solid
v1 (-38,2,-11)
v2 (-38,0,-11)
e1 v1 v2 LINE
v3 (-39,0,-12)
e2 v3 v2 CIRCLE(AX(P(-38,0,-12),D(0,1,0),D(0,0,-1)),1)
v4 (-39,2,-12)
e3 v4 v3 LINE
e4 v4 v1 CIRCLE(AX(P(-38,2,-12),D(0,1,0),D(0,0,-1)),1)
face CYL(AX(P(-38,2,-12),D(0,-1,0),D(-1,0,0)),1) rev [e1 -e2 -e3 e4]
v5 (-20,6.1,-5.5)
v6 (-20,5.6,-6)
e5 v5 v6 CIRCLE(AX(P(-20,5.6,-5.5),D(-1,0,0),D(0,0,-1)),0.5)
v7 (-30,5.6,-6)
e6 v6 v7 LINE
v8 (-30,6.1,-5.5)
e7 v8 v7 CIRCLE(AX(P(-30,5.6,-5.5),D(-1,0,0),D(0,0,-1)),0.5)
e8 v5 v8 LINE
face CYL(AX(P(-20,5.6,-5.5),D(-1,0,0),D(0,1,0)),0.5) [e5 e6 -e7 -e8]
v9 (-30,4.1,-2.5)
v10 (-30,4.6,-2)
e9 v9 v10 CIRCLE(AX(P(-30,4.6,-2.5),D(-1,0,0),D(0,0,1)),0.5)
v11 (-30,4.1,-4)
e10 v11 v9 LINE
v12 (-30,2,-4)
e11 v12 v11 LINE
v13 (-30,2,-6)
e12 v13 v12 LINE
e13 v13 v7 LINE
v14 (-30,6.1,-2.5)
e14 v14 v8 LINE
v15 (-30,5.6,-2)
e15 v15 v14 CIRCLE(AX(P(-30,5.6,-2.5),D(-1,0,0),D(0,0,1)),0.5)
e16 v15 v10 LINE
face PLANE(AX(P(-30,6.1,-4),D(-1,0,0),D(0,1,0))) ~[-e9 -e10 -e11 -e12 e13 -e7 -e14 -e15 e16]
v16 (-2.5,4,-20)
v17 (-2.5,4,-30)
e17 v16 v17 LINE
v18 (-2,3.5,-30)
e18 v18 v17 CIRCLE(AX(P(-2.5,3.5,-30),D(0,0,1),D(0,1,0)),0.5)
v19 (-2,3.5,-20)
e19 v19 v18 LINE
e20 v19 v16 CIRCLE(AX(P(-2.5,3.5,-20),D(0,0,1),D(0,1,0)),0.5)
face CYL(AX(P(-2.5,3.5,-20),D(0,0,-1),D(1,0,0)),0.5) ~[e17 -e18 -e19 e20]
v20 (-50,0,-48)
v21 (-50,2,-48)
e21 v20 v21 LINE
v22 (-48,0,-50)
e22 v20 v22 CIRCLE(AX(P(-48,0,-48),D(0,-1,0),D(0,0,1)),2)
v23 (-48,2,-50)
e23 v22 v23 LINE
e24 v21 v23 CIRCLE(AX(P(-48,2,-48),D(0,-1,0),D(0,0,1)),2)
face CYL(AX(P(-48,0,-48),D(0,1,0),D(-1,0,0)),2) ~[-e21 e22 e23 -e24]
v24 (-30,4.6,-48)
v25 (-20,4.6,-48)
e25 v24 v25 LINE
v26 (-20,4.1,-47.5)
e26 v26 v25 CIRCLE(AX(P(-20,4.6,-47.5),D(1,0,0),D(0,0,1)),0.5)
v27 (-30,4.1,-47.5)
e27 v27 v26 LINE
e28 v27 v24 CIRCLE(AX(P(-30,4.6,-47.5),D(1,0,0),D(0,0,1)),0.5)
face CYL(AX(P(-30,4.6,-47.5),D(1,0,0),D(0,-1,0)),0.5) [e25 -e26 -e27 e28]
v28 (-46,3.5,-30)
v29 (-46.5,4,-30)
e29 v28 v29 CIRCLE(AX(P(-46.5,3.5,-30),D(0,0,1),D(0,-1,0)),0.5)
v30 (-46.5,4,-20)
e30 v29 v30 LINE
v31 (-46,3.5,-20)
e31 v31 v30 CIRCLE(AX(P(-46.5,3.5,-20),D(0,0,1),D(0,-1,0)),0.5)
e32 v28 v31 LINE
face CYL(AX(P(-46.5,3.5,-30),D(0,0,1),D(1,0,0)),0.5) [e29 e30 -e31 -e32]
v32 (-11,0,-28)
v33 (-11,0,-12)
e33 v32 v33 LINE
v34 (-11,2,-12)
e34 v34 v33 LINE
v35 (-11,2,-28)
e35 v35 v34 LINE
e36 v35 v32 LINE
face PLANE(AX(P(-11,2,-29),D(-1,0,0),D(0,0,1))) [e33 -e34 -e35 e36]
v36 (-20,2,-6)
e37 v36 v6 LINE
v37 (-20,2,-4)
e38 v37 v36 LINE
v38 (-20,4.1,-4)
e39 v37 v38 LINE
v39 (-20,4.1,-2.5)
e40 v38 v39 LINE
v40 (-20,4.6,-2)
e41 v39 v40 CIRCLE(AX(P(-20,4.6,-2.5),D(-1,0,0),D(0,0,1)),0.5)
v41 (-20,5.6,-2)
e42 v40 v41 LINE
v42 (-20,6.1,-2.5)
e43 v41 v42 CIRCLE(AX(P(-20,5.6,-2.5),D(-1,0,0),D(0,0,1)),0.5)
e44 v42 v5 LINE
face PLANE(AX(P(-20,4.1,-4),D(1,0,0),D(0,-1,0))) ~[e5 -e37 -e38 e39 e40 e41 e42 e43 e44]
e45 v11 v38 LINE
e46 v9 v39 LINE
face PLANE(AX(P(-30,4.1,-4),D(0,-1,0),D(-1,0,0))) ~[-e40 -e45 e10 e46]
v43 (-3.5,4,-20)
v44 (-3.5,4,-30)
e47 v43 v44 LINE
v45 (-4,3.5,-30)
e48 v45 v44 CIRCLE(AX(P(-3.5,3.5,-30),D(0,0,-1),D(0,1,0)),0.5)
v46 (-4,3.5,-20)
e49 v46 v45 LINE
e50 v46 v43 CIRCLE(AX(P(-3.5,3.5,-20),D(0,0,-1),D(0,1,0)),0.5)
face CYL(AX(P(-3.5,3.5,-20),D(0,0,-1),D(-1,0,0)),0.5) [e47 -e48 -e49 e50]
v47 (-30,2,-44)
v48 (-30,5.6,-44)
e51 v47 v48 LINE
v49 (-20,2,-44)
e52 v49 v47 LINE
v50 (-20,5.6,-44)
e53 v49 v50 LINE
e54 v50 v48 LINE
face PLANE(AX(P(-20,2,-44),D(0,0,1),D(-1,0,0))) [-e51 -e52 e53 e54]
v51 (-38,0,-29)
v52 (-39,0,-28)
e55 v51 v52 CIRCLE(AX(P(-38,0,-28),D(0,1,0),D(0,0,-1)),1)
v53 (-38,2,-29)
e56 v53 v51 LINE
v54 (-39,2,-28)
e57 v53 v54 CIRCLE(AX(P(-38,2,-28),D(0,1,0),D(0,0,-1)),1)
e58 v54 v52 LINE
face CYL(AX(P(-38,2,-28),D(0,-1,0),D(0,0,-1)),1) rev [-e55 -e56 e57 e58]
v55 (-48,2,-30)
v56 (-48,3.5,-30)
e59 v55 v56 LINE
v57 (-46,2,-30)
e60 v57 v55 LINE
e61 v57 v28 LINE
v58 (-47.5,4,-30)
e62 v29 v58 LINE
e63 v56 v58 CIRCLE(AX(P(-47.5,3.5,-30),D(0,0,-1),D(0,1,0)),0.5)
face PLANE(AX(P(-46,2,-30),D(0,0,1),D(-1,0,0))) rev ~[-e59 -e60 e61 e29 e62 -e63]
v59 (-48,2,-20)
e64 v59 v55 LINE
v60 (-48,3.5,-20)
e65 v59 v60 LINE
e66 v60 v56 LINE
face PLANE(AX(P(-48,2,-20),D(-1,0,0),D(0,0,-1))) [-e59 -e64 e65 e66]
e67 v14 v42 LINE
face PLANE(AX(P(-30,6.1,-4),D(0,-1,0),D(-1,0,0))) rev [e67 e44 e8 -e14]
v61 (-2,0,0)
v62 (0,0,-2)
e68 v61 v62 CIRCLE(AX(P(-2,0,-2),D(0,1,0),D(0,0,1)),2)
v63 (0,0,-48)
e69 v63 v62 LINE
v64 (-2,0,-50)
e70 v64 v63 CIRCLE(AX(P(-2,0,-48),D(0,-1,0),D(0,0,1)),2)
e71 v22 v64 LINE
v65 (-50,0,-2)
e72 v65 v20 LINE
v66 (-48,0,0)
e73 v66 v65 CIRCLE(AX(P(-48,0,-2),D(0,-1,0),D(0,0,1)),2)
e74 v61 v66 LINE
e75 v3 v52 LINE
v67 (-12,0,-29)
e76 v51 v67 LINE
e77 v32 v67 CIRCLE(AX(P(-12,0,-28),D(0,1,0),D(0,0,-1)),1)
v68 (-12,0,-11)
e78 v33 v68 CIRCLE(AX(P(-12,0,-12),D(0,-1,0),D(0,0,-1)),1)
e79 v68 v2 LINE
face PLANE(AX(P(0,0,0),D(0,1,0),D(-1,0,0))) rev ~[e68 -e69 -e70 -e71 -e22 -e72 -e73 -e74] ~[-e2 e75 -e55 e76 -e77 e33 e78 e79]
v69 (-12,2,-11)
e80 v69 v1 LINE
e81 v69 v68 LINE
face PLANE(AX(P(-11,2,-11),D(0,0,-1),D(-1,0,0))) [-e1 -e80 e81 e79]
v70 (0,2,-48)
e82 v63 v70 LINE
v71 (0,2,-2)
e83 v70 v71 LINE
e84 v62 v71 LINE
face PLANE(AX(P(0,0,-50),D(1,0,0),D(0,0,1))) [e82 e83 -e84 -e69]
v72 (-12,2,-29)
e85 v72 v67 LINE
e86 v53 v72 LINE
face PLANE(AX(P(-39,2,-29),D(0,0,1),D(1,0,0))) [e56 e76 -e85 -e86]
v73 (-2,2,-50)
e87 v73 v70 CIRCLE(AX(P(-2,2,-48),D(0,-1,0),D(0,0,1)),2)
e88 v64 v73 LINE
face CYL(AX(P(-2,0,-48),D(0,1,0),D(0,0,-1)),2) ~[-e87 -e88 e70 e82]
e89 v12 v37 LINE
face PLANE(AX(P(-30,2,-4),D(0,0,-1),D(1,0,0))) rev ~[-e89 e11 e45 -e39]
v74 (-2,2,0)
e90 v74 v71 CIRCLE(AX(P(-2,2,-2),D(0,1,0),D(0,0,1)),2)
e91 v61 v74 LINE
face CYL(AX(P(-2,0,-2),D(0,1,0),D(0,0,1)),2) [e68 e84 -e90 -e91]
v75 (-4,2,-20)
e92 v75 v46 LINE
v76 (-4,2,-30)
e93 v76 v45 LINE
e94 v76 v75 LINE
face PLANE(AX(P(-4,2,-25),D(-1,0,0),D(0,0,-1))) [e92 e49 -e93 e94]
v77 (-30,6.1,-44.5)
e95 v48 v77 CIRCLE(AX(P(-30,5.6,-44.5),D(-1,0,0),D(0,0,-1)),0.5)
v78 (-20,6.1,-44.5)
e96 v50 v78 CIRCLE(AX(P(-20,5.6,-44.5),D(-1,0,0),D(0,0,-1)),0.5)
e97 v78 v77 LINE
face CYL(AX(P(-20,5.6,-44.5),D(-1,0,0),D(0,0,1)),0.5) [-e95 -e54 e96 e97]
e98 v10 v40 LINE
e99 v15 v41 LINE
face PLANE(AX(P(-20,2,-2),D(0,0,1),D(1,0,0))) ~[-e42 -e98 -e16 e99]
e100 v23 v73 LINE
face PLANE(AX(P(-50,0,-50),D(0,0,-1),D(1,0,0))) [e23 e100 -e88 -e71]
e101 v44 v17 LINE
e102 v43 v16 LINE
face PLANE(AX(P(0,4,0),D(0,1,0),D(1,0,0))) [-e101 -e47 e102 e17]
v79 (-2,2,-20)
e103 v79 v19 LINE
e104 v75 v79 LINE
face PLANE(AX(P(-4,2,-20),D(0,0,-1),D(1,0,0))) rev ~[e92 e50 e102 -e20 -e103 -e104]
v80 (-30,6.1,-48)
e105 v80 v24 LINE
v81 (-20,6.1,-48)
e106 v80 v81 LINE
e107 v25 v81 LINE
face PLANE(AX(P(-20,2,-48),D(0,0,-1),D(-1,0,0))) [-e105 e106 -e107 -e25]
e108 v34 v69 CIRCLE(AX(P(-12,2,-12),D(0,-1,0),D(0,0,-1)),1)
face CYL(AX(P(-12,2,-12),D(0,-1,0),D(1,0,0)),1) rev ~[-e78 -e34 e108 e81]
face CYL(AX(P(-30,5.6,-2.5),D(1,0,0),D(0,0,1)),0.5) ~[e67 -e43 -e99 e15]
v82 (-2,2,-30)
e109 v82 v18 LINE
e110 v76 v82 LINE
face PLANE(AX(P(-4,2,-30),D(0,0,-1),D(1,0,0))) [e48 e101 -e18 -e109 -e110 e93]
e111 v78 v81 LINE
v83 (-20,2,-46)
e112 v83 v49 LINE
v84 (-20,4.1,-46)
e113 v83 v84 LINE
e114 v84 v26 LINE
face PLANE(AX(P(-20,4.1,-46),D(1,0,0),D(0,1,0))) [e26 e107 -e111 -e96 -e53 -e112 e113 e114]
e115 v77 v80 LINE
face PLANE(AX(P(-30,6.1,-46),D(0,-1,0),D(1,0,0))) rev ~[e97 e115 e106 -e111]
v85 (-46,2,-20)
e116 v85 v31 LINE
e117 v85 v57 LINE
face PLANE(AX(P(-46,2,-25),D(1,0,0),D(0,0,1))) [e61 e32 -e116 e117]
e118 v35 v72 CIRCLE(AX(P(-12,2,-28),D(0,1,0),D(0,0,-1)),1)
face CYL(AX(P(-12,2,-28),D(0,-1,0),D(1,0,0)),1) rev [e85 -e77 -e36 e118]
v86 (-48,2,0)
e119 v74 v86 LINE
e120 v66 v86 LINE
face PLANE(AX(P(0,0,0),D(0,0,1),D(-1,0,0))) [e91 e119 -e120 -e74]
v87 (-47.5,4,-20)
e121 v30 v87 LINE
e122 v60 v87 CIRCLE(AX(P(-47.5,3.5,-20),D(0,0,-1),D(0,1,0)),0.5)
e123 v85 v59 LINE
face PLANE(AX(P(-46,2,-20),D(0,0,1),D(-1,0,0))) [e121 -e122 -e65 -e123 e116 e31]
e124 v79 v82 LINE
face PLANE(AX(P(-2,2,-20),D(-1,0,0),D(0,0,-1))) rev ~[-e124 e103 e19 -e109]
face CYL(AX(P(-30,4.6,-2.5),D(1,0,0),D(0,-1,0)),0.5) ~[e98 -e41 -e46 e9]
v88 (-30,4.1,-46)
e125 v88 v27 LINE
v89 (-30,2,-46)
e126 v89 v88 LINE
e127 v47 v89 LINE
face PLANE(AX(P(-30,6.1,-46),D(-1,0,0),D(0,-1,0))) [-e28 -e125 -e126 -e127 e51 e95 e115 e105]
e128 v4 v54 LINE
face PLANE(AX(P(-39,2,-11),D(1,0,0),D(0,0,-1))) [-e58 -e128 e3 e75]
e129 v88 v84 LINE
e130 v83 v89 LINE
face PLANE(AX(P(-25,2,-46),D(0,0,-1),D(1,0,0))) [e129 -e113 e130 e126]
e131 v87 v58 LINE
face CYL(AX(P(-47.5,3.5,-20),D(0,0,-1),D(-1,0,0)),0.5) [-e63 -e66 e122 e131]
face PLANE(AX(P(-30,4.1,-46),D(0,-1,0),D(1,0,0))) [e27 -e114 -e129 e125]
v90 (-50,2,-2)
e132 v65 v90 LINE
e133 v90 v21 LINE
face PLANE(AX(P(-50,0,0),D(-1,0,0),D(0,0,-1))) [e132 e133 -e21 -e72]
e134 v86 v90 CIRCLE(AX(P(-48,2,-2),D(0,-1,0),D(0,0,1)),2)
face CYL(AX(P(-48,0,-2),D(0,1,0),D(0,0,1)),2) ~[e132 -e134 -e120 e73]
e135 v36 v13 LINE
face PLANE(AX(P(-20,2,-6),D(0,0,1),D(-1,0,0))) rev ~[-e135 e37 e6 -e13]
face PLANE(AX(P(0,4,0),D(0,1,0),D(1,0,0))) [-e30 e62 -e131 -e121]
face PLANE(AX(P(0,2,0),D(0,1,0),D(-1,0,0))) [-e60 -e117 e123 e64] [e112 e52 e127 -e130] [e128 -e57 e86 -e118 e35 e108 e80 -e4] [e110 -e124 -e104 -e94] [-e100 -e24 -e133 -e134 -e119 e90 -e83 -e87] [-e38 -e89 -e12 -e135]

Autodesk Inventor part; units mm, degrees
ref_plane "YZ Plane" through (0, 0, 0) normal (1, 0, 0) x (0, 1, 0)
ref_plane "XZ Plane" through (0, 0, 0) normal (0, 1, 0) x (-1, 0, 0)
ref_plane "XY Plane" through (0, 0, 0) normal (0, 0, 1) x (1, 0, 0)
sketch "Sketch1" plane through (0, 0, 0) normal (0, 1, 0) x (-1, 0, 0)
  line L0 (0, 0) -> (50, 0)
  line L1 (50, 0) -> (50, -50)
  line L2 (50, -50) -> (0, -50)
  line L3 (0, -50) -> (0, 0)
  dimension "d0" = 50
  dimension "d1" = 50
extrude "Extrusion1" add sketch "Sketch1" along normal blind 2
fillet "Fillet1" radius 2 4 edges at (0, 1, 0) (0, 1, -50) (-50, 1, 0) (-50, 1, -50)
sketch "Sketch2" plane through (0, 2, 0) normal (0, 1, 0) x (1, 0, 0)
  line L0 (-48, 2) -> (-2, 2) construction
  line L1 (-2, 2) -> (-2, 48) construction
  line L2 (-2, 48) -> (-48, 48) construction
  line L3 (-48, 48) -> (-48, 2) construction
  line L4 (-48, 0) -> (-2, 0) projected
  line L5 (-50, 48) -> (-50, 2) projected
  line L6 (-2, 50) -> (-48, 50) projected
  line L7 (0, 2) -> (0, 48) projected
  line L8 (-25, 2) -> (-25, 6) construction
  line L9 (-25, 4) -> (-20, 4)
  line L10 (-20, 4) -> (-20, 6)
  line L11 (-20, 6) -> (-30, 6)
  line L12 (-30, 6) -> (-30, 4)
  line L13 (-30, 4) -> (-25, 4)
  line L14 (-48, 25) -> (-46, 25) construction
  line L15 (-46, 25) -> (-46, 20)
  line L16 (-46, 20) -> (-48, 20)
  line L17 (-46, 25) -> (-46, 30)
  line L18 (-46, 30) -> (-48, 30)
  line L19 (-48, 20) -> (-48, 30)
  line L20 (-4, 25) -> (-4, 20)
  line L21 (-4, 20) -> (-2, 20)
  line L22 (-4, 25) -> (-4, 30)
  line L23 (-4, 30) -> (-2, 30)
  line L24 (-2, 20) -> (-2, 30)
  line L25 (-25, 48) -> (-25, 44) construction
  line L26 (-25, 46) -> (-20, 46)
  line L27 (-20, 46) -> (-20, 44)
  line L28 (-20, 44) -> (-30, 44)
  line L29 (-30, 44) -> (-30, 46)
  line L30 (-30, 46) -> (-25, 46)
  point P0 (0, 0)
  dimension "d5" = 2
  dimension "d6" = 2
  dimension "d7" = 2
  dimension "d8" = 2
  dimension "d9" = 4
  dimension "d10" = 5
  dimension "d11" = 10
  dimension "d12" = 2
  dimension "d13" = 5
  dimension "d14" = 5
extrude "Extrusion2" add sketch "Sketch2" along normal blind 2 contours L15 L16 L19 L18 L17 | L22 L23 L24 L21 L20
extrude "Extrusion3" add sketch "Sketch2" along normal blind 4.1 contours L13 L12 L11 L10 L9 | L26 L27 L28 L29 L30
sketch "Sketch3" plane through (-20, 2, -46) normal (0, 0, -1) x (-1, 0, 0)
  line L0 (10, 4.1) -> (0, 4.1) projected
  line L1 (0, 4.1) -> (10, 4.1)
  line L2 (10, 4.1) -> (10, 2.1)
  line L3 (10, 2.1) -> (0, 2.1)
  line L4 (0, 2.1) -> (0, 4.1)
  point P0 (-20, -2)
  dimension "d19" = 10
  dimension "d20" = 2
extrude "Extrusion4" add sketch "Sketch3" along normal blind 2
fillet "Fillet2" radius 0.5 1 edges at (-25, 4.1, -48)
ref_plane "Work Plane1" through (-46, 4, -25) normal (0, 0, -1) x (1, 0, 0)
mirror "Mirror1" about plane through (-46, 4, -25) normal (0, 0, -1) of "Extrusion4"
fillet "Fillet3" radius 0.5 1 edges at (-25, 4.1, -2)
fillet "Fillet4" radius 0.5 7 edges at (-2, 4, -25) (-4, 4, -25) (-46, 4, -25) (-48, 4, -25) (-25, 6.1, -2) (-25, 6.1, -6) (-25, 6.1, -44)
sketch "Sketch4" plane through (0, 2, 0) normal (0, 1, 0) x (1, 0, 0)
  line L0 (-30, 2.5) -> (-20, 2.5) projected
  line L1 (-25, 2.5) -> (-25, 49.5156) construction
  line L2 (-30, 46) -> (-20, 46) projected
  line L3 (-11, 11) -> (-39, 11)
  line L4 (-39, 11) -> (-39, 29)
  line L5 (-39, 29) -> (-11, 29)
  line L6 (-11, 29) -> (-11, 11)
  line L7 (-11, 11) -> (-39, 29) construction
  line L8 (-39, 11) -> (-11, 29) construction
  line L9 (-48, 0) -> (-2, 0) projected
  point P0 (0, 0)
  point P1 (-25, 20)
  dimension "d26" = 28
  dimension "d27" = 18
  dimension "d28" = 20
extrude "Extrusion5" cut sketch "Sketch4" against normal blind 2
fillet "Fillet5" radius 1 4 edges at (-39, 1, -11) (-11, 1, -11) (-11, 1, -29) (-39, 1, -29)
properties part number "180caseTop"
